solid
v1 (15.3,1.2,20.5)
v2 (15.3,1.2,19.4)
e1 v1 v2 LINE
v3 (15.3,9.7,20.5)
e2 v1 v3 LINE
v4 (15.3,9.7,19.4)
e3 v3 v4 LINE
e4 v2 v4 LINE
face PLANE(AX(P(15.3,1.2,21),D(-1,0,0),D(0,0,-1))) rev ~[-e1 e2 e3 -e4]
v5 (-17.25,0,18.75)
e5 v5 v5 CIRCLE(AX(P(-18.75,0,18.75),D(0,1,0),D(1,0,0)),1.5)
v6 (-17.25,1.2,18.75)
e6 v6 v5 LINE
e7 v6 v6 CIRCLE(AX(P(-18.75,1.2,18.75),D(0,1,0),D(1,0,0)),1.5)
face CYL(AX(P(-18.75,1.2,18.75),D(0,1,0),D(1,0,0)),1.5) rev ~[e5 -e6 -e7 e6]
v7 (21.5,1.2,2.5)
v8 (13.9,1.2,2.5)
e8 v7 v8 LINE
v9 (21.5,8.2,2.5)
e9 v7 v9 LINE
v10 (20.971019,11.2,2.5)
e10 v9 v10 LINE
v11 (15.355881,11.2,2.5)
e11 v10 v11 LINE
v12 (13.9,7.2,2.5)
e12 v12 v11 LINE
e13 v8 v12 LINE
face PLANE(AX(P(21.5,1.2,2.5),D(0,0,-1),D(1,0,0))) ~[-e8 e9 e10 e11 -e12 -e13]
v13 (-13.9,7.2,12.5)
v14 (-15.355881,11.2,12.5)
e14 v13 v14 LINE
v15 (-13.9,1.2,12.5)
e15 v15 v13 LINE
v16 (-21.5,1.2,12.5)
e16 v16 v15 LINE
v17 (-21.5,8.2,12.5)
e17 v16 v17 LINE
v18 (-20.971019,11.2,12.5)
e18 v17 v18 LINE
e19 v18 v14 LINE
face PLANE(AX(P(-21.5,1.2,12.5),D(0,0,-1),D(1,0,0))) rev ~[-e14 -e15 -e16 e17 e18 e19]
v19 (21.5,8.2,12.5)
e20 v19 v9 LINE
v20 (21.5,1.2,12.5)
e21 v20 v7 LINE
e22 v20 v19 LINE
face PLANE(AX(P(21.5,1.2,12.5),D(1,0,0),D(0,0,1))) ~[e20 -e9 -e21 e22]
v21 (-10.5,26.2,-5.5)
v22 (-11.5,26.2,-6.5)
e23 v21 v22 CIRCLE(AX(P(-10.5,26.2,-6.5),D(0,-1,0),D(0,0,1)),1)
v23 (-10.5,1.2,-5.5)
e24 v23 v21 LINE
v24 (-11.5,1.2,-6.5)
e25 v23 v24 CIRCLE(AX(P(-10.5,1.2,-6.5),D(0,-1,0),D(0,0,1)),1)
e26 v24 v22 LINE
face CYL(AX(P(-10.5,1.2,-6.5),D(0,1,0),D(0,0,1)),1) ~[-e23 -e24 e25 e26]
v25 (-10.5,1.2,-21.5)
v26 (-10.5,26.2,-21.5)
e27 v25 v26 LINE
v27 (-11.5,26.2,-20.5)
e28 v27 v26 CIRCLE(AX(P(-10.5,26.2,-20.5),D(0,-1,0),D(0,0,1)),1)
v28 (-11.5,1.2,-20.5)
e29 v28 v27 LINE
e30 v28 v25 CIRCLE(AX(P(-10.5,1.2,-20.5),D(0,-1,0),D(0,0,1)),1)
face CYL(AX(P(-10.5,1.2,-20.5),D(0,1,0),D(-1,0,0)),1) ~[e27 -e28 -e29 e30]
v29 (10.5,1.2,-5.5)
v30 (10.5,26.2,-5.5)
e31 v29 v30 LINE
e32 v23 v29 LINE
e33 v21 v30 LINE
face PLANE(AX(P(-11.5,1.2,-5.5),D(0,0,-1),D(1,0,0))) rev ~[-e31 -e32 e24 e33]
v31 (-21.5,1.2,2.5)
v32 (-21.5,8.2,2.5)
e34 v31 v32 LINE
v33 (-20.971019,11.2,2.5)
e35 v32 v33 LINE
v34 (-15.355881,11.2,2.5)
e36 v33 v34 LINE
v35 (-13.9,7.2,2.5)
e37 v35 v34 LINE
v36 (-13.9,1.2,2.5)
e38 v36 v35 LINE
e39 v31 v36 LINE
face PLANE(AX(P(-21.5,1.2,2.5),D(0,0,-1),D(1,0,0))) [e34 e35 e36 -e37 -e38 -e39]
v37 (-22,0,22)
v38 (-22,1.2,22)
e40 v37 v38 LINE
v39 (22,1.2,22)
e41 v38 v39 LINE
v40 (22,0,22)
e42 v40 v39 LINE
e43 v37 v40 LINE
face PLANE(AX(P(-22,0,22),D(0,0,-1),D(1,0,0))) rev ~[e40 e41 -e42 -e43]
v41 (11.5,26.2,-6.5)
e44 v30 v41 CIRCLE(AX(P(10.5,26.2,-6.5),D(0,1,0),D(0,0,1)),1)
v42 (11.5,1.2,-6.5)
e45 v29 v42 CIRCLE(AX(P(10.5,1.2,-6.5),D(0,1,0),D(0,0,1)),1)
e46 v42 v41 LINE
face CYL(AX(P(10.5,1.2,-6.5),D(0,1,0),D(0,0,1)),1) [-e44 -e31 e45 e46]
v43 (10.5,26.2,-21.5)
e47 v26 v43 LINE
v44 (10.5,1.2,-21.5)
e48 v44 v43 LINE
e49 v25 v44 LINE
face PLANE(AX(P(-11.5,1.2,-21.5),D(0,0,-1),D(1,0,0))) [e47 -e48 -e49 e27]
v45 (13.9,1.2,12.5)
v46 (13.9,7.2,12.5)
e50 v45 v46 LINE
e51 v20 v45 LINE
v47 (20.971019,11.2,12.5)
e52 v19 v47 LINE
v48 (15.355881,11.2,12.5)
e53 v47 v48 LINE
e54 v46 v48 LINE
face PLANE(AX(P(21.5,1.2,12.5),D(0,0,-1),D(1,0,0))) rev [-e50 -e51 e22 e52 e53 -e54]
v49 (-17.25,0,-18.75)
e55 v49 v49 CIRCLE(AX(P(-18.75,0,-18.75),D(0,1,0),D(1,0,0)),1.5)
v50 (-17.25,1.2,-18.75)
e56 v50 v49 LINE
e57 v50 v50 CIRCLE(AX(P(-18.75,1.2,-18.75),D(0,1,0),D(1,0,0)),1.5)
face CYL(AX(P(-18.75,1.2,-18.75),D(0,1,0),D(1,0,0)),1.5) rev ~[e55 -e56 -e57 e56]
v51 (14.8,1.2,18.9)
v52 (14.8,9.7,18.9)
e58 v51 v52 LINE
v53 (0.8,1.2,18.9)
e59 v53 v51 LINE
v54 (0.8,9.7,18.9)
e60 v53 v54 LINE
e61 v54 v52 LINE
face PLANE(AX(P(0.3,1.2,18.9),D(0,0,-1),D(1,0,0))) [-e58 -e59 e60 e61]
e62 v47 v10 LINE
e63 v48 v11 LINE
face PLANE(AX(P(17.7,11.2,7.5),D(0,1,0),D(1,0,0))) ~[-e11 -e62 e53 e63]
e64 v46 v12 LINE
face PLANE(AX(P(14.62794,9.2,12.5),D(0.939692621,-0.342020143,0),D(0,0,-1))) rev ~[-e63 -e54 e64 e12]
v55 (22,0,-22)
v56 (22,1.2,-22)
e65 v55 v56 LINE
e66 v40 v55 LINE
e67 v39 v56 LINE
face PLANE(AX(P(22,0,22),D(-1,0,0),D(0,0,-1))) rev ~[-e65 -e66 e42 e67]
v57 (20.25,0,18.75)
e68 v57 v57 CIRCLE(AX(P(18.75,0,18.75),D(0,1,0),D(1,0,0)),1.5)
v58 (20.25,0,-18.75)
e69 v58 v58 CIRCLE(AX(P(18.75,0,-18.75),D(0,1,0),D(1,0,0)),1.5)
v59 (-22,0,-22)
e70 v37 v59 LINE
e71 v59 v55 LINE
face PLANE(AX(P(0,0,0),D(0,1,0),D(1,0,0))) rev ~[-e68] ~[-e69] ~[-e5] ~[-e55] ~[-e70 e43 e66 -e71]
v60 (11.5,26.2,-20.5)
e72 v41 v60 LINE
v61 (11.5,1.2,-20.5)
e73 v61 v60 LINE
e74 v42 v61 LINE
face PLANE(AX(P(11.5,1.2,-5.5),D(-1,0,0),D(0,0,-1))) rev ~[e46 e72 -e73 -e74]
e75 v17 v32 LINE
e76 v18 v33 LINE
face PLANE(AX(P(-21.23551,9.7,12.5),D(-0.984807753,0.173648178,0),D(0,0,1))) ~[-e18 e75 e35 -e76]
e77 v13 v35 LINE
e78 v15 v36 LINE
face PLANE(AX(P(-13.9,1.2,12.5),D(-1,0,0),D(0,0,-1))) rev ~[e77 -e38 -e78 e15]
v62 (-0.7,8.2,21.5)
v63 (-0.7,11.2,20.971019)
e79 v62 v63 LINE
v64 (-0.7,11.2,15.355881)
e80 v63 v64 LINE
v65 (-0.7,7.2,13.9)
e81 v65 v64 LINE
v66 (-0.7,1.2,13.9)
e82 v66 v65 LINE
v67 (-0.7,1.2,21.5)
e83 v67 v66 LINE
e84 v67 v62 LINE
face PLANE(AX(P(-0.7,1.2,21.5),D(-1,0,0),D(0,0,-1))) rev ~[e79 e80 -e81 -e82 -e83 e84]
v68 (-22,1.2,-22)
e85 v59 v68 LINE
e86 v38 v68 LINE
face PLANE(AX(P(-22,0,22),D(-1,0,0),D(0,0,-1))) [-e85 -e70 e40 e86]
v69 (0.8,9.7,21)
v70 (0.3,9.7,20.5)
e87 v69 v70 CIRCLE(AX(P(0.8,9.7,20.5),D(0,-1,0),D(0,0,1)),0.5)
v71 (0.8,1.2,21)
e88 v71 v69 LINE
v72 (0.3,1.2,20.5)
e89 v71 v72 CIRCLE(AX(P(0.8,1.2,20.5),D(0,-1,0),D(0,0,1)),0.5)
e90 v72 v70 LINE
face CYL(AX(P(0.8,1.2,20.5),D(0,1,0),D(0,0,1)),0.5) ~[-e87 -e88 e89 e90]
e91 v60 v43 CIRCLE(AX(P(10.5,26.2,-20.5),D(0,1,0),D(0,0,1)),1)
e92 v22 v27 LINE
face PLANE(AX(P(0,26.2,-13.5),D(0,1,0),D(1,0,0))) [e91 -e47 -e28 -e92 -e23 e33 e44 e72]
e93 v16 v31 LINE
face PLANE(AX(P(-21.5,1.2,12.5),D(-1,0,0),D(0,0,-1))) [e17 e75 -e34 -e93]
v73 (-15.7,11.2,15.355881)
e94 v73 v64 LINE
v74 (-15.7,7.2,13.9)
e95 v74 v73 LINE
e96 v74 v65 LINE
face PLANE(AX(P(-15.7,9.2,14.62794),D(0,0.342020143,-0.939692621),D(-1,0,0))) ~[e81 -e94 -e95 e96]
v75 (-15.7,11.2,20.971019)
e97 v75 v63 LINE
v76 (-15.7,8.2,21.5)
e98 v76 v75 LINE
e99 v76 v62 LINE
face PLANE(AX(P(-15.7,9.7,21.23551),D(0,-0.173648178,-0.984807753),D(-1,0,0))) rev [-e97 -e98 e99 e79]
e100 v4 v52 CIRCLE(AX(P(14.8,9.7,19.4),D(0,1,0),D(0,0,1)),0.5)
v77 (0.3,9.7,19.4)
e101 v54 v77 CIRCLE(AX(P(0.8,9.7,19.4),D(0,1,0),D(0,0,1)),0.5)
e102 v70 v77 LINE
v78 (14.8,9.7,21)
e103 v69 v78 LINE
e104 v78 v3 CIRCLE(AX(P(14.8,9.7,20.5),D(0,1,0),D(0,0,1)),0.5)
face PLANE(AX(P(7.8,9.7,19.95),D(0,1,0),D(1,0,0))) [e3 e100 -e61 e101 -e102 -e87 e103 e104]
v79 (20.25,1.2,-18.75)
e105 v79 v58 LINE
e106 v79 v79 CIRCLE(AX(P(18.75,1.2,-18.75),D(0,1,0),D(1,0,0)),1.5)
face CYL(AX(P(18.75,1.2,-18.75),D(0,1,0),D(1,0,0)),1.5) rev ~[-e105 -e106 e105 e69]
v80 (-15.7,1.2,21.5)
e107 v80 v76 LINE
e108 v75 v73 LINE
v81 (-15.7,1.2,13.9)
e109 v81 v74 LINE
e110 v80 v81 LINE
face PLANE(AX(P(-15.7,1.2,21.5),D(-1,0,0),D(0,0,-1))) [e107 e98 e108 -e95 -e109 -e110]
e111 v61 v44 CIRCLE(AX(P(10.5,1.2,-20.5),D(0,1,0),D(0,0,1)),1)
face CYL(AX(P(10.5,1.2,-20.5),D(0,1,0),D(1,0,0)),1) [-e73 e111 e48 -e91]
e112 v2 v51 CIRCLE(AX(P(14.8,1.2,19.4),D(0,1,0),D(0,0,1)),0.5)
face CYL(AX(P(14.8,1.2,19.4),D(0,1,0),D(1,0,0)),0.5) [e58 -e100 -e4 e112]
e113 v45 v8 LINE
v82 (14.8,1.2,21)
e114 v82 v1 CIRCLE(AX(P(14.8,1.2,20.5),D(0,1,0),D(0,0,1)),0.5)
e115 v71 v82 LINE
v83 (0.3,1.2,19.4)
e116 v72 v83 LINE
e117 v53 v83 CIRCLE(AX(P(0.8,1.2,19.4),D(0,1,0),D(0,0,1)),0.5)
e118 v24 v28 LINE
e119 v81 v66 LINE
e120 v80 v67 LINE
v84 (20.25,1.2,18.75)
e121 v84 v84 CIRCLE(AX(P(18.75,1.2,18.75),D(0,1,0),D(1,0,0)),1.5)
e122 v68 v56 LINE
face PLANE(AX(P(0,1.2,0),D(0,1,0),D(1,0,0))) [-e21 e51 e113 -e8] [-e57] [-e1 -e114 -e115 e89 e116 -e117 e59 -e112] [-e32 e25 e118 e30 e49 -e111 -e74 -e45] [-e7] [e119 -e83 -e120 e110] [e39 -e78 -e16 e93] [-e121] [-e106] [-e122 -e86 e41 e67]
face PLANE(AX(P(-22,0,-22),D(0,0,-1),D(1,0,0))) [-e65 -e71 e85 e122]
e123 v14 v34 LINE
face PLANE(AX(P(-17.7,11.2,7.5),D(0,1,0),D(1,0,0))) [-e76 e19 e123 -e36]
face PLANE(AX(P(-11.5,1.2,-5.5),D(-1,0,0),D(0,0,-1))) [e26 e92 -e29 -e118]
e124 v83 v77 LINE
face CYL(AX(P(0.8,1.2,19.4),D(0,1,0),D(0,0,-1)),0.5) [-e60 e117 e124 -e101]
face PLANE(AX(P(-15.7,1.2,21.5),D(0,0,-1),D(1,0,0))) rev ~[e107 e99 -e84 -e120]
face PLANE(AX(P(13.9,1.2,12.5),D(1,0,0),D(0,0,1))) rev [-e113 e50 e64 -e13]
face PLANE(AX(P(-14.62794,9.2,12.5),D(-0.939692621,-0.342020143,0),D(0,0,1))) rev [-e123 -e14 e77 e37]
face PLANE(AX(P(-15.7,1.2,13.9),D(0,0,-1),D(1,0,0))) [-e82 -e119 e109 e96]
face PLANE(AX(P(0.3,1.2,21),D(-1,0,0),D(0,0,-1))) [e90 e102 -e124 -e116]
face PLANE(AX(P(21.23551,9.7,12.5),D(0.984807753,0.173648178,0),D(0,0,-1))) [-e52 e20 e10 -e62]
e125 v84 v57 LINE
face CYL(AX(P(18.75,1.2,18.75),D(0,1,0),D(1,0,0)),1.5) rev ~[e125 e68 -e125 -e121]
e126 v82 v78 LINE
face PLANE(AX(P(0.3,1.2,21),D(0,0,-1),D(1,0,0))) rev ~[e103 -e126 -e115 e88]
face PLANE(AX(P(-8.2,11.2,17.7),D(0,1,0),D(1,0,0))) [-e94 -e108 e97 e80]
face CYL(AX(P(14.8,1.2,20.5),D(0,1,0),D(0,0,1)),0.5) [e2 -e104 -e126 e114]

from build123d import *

# Parameters (mm, degrees)
SKETCH1_W             = 44
SKETCH1_H             = 44
BOSS_EXTRUDE1_DEPTH   = 1.2
SKETCH2_W             = 23
SKETCH2_H             = 16
BOSS_EXTRUDE2_DEPTH   = 25
SKETCH3_W             = 7.6
SKETCH3_H             = 10
BOSS_EXTRUDE3_DEPTH   = 10
FILLET1_R             = 1
SKETCH4_W             = 15
SKETCH4_H             = 7.6
BOSS_EXTRUDE4_DEPTH   = 10
CHAMFER2_SIZE         = 3
CHAMFER2_SIZE2        = 0.528980942
CHAMFER2_PART_2_SIZE  = 3
CHAMFER2_PART_2_SIZE2 = 0.528980942
CHAMFER2_PART_3_SIZE  = 3
CHAMFER2_PART_3_SIZE2 = 0.528980942
CHAMFER1_SIZE         = 4
CHAMFER1_SIZE2        = 1.455880937
CHAMFER1_PART_2_SIZE  = 4
CHAMFER1_PART_2_SIZE2 = 1.455880937
CHAMFER1_PART_3_SIZE  = 4
CHAMFER1_PART_3_SIZE2 = 1.455880937
SKETCH5_W             = 15
SKETCH5_H             = 2.1
BOSS_EXTRUDE5_DEPTH   = 8.5
FILLET2_R             = 0.5
SKETCH6_R             = 1.5
CUT_EXTRUDE1_DEPTH    = 2.2


with BuildPart() as part:
    # Sketch1 → Boss-Extrude1 (new body)
    with BuildSketch(Plane(origin=(0, 0, 0), x_dir=(1, 0, 0), z_dir=(0, 1, 0))):
        Rectangle(SKETCH1_W, SKETCH1_H)
    extrude(amount=BOSS_EXTRUDE1_DEPTH)

    # Sketch2 → Boss-Extrude2 (add)
    with BuildSketch(Plane(origin=(0, 1.2, 0), x_dir=(1, 0, 0), z_dir=(0, 1, 0))):
        with Locations((0, 13.5)):
            Rectangle(SKETCH2_W, SKETCH2_H)
    extrude(amount=BOSS_EXTRUDE2_DEPTH)

    # Sketch3 → Boss-Extrude3 (add)
    with BuildSketch(Plane(origin=(0, 1.2, 0), x_dir=(1, 0, 0), z_dir=(0, 1, 0))):
        with Locations((-17.7, -7.5)):
            Rectangle(SKETCH3_W, SKETCH3_H)
    boss_extrude3 = extrude(amount=BOSS_EXTRUDE3_DEPTH)

    # Mirror1: Boss-Extrude3 across plane
    add(boss_extrude3.mirror(Plane(origin=(0, 0, 0), x_dir=(0, 0, 1), z_dir=(1, 0, 0))))

    # Fillet1
    fillet1_edges = [part.edges().sort_by_distance(p)[0] for p in [
        (-11.5, 13.7, -21.5),
        (-11.5, 13.7, -5.5),
        (11.5, 13.7, -5.5),
        (11.5, 13.7, -21.5),
    ]]
    fillet(fillet1_edges, radius=FILLET1_R)

    # Sketch4 → Boss-Extrude4 (add)
    with BuildSketch(Plane(origin=(0, 1.2, 0), x_dir=(1, 0, 0), z_dir=(0, 1, 0))):
        with Locations((-8.2, -17.7)):
            Rectangle(SKETCH4_W, SKETCH4_H)
    extrude(amount=BOSS_EXTRUDE4_DEPTH)

    # Chamfer2
    chamfer2_edges = [part.edges().sort_by_distance(p)[0] for p in [
        (-21.5, 11.2, 7.5),
    ]]
    chamfer2_side = [part.faces().sort_by_distance(p)[0] for p in [
        (-21.5, 6.2, 7.5),
    ]]
    chamfer(chamfer2_edges, length=CHAMFER2_SIZE, length2=CHAMFER2_SIZE2, reference=chamfer2_side[0])

    # Chamfer2 part 2
    chamfer2_part_2_edges = [part.edges().sort_by_distance(p)[0] for p in [
        (21.5, 11.2, 7.5),
    ]]
    chamfer2_part_2_side = [part.faces().sort_by_distance(p)[0] for p in [
        (21.5, 6.2, 7.5),
    ]]
    chamfer(chamfer2_part_2_edges, length=CHAMFER2_PART_2_SIZE, length2=CHAMFER2_PART_2_SIZE2, reference=chamfer2_part_2_side[0])

    # Chamfer2 part 3
    chamfer2_part_3_edges = [part.edges().sort_by_distance(p)[0] for p in [
        (-8.2, 11.2, 21.5),
    ]]
    chamfer2_part_3_side = [part.faces().sort_by_distance(p)[0] for p in [
        (-8.2, 6.2, 21.5),
    ]]
    chamfer(chamfer2_part_3_edges, length=CHAMFER2_PART_3_SIZE, length2=CHAMFER2_PART_3_SIZE2, reference=chamfer2_part_3_side[0])

    # Chamfer1
    chamfer1_edges = [part.edges().sort_by_distance(p)[0] for p in [
        (-13.9, 11.2, 7.5),
    ]]
    chamfer1_side = [part.faces().sort_by_distance(p)[0] for p in [
        (-13.9, 6.2, 7.5),
    ]]
    chamfer(chamfer1_edges, length=CHAMFER1_SIZE, length2=CHAMFER1_SIZE2, reference=chamfer1_side[0])

    # Chamfer1 part 2
    chamfer1_part_2_edges = [part.edges().sort_by_distance(p)[0] for p in [
        (13.9, 11.2, 7.5),
    ]]
    chamfer1_part_2_side = [part.faces().sort_by_distance(p)[0] for p in [
        (13.9, 6.2, 7.5),
    ]]
    chamfer(chamfer1_part_2_edges, length=CHAMFER1_PART_2_SIZE, length2=CHAMFER1_PART_2_SIZE2, reference=chamfer1_part_2_side[0])

    # Chamfer1 part 3
    chamfer1_part_3_edges = [part.edges().sort_by_distance(p)[0] for p in [
        (-8.2, 11.2, 13.9),
    ]]
    chamfer1_part_3_side = [part.faces().sort_by_distance(p)[0] for p in [
        (-8.2, 6.2, 13.9),
    ]]
    chamfer(chamfer1_part_3_edges, length=CHAMFER1_PART_3_SIZE, length2=CHAMFER1_PART_3_SIZE2, reference=chamfer1_part_3_side[0])

    # Sketch5 → Boss-Extrude5 (add)
    with BuildSketch(Plane(origin=(0, 1.2, 0), x_dir=(1, 0, 0), z_dir=(0, 1, 0))):
        with Locations((7.8, -19.95)):
            Rectangle(SKETCH5_W, SKETCH5_H)
    extrude(amount=BOSS_EXTRUDE5_DEPTH)

    # Fillet2
    fillet2_edges = [part.edges().sort_by_distance(p)[0] for p in [
        (0.3, 5.45, 18.9),
        (0.3, 5.45, 21),
        (15.3, 5.45, 21),
        (15.3, 5.45, 18.9),
    ]]
    fillet(fillet2_edges, radius=FILLET2_R)

    # Sketch6 → Cut-Extrude1 (cut, through all)
    with BuildSketch(Plane(origin=(0, 1.2, 0), x_dir=(1, 0, 0), z_dir=(0, 1, 0))):
        with Locations((-18.75, 18.75)):
            Circle(SKETCH6_R)
        with Locations((18.75, 18.75)):
            Circle(SKETCH6_R)
        with Locations((18.75, -18.75)):
            Circle(SKETCH6_R)
        with Locations((-18.75, -18.75)):
            Circle(SKETCH6_R)
    extrude(amount=-CUT_EXTRUDE1_DEPTH, mode=Mode.SUBTRACT)


solid = part.part
